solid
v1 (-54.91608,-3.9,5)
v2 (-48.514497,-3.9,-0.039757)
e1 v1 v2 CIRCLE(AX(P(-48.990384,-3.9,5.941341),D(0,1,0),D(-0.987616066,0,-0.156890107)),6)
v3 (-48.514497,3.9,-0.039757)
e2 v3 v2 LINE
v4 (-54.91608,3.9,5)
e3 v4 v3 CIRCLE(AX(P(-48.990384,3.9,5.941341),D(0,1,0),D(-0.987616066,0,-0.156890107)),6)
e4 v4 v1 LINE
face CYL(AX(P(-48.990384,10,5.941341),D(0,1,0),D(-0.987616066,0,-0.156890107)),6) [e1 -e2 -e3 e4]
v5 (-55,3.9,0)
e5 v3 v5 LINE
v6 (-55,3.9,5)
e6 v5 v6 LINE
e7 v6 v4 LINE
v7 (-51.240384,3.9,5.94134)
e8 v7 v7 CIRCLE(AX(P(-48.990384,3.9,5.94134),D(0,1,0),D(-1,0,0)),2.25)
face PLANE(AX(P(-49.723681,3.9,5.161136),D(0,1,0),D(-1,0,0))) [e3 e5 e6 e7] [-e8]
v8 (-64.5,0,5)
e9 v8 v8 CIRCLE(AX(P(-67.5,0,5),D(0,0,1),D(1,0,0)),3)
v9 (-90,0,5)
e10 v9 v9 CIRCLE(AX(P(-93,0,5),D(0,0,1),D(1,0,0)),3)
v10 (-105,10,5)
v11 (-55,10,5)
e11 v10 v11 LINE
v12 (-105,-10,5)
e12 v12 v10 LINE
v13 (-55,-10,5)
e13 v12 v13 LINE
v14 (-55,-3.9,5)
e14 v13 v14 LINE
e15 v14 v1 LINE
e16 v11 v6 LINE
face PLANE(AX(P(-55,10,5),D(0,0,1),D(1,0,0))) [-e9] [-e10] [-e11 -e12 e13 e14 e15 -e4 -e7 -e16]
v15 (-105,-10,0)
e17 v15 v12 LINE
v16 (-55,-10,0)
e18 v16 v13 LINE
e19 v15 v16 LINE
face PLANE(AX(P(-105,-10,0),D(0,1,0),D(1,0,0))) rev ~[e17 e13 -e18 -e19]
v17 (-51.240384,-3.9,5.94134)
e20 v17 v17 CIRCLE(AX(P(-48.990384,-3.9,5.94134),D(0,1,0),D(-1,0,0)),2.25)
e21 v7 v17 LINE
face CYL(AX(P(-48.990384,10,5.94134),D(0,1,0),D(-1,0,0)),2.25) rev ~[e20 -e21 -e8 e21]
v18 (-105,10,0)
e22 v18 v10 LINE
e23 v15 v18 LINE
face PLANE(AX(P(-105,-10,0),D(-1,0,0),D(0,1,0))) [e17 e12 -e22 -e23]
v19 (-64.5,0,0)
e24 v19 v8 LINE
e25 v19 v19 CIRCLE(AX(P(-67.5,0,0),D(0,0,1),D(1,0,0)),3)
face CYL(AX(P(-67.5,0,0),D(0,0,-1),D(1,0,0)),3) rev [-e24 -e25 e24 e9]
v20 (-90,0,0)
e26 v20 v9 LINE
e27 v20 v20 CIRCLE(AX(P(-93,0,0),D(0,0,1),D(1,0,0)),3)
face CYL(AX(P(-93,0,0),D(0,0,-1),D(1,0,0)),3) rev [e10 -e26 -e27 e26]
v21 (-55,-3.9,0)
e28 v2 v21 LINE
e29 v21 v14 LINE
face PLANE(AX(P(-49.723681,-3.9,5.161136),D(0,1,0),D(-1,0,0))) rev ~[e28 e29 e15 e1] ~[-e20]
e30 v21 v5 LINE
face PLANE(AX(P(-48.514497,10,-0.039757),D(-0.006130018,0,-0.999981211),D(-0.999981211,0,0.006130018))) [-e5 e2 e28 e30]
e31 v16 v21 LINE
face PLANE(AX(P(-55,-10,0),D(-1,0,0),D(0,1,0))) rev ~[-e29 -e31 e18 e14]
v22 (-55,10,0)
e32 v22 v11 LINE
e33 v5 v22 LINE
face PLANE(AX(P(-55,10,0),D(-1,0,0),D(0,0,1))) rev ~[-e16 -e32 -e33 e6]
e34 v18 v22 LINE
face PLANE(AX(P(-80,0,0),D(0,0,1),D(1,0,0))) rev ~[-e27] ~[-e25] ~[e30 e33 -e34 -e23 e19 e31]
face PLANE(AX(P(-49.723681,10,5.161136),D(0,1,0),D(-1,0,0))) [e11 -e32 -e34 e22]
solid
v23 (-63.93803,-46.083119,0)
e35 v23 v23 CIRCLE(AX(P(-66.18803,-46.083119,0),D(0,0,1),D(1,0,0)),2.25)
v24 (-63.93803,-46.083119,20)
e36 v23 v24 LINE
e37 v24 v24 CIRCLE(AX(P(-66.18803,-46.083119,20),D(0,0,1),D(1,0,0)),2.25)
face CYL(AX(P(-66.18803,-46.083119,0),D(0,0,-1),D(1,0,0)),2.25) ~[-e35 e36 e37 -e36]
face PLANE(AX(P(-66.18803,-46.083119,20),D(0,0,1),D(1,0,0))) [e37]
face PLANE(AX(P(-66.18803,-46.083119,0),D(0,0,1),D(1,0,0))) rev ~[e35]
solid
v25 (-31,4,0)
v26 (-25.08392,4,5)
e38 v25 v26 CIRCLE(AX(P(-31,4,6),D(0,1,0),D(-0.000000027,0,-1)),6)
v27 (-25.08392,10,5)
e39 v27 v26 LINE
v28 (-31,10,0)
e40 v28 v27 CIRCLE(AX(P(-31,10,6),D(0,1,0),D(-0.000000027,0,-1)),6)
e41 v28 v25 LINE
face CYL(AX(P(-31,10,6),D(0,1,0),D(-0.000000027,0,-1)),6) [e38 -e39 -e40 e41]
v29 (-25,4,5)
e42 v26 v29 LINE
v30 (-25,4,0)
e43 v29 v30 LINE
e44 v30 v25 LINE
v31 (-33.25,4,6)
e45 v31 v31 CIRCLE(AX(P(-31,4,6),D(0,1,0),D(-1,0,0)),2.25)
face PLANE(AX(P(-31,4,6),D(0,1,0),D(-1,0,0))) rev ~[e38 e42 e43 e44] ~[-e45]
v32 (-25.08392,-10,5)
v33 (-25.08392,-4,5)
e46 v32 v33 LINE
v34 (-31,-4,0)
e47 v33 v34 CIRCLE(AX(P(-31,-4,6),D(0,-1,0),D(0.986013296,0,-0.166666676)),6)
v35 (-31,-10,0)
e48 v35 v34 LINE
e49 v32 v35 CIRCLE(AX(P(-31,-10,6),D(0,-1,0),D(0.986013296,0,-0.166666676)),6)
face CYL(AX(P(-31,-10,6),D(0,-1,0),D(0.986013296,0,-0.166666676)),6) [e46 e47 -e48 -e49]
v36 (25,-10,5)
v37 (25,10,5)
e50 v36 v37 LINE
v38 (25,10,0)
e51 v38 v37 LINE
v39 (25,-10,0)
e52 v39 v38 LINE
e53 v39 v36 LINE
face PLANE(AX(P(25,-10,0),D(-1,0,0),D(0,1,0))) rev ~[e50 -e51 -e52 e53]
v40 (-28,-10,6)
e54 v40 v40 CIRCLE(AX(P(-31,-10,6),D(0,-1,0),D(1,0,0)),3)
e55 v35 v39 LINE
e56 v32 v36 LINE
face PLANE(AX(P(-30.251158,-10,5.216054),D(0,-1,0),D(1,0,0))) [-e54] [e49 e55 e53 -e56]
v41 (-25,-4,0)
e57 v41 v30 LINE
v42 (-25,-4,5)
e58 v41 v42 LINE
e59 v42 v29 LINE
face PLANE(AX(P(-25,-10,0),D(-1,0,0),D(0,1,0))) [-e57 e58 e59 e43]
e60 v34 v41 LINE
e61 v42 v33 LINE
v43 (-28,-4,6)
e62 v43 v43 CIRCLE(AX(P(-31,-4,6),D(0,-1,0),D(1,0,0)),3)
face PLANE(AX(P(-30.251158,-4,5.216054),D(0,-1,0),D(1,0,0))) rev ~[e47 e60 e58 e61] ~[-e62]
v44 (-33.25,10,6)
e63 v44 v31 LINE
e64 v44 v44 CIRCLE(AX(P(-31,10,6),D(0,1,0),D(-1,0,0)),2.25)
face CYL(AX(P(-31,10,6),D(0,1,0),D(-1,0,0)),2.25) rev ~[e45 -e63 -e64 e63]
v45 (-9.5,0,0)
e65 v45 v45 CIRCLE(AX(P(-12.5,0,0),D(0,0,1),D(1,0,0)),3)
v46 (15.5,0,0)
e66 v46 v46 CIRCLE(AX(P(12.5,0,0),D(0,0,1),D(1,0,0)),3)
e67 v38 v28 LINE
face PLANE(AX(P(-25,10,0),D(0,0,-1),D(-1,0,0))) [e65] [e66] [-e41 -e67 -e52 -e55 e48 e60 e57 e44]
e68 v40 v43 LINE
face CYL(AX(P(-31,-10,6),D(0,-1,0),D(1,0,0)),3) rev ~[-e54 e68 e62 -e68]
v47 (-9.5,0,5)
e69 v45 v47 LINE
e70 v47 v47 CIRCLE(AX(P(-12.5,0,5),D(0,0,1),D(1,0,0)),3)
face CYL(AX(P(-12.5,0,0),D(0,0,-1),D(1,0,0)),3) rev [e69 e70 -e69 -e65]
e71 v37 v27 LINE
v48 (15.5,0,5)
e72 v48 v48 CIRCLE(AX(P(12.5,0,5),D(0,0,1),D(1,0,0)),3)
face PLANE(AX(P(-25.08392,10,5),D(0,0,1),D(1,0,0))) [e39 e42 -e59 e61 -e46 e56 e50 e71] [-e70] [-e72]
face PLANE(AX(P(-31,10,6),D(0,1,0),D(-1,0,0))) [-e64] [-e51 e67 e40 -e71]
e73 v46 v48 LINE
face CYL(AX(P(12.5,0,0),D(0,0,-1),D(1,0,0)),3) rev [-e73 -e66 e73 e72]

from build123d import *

# Parameters (mm, degrees)
F0_W      = 50
F0_H      = 20
F0_R      = 3
F1_DEPTH  = 5
F2_R      = 3
F3_DEPTH  = 6
F4_R      = 3
F5_DEPTH  = 6
F6_R      = 2.25
F7_DEPTH  = 13.9
F8_DEPTH  = 6.1
F9_R      = 2.25
F10_DEPTH = 20
F4_R_2    = 2.25
F11_DEPTH = 6


with BuildPart() as f1:
    # F0 (on Top) → F1 (new body)
    with BuildSketch(Plane.XY):
        Rectangle(F0_W, F0_H)
        with Locations((-12.5, 0)):
            Circle(F0_R, mode=Mode.SUBTRACT)
        with Locations((12.5, 0)):
            Circle(F0_R, mode=Mode.SUBTRACT)
        with Locations((-80, 0)):
            Rectangle(F0_W, F0_H)
        with Locations((-93, 0)):
            Circle(F0_R, mode=Mode.SUBTRACT)
        with Locations((-67.5, 0)):
            Circle(F0_R, mode=Mode.SUBTRACT)
    extrude(amount=F1_DEPTH)

    # F2 (on face) → F3 (join)
    with BuildSketch(Plane.XZ.offset(10)):
        with BuildLine():
            Line((-25, 5), (-25.08392, 5))
            ThreePointArc((-25.08392, 5), (-34.872983, 10.582576), (-31, 0))
            Line((-31, 0), (-25, 0))
            Line((-25, 0), (-25, 5))
        make_face()
        with Locations((-31, 6)):
            Circle(F2_R, mode=Mode.SUBTRACT)
    extrude(amount=-F3_DEPTH)

    # F4 (on face) → F5 (join)
    with BuildSketch(Plane(origin=(0, 10, 0), x_dir=(-1, 0, 0), z_dir=(0, 1, 0))):
        with BuildLine():
            Line((25.08392, 5), (25, 5))
            Line((25, 5), (25, 0))
            Line((25, 0), (31, 0))
            ThreePointArc((31, 0), (34.872983, 10.582576), (25.08392, 5))
        make_face()
        with Locations((31, 6)):
            Circle(F4_R, mode=Mode.SUBTRACT)
    extrude(amount=-F5_DEPTH)

    # F6 (on face) → F7 (join)
    with BuildSketch(Plane(origin=(0, 10, 0), x_dir=(-1, 0, 0), z_dir=(0, 1, 0))):
        with BuildLine():
            Line((55, 0), (55, 5))
            Line((55, 5), (54.91608, 5))
            ThreePointArc((54.91608, 5), (45.278929, 10.655691), (48.514497, -0.039757))
            Line((48.514497, -0.039757), (55, 0))
        make_face()
        with Locations((48.990384, 5.94134)):
            Circle(F6_R, mode=Mode.SUBTRACT)
    extrude(amount=-F7_DEPTH)

    # F6 (on face) → F8 (cut)
    with BuildSketch(Plane(origin=(0, 10, 0), x_dir=(-1, 0, 0), z_dir=(0, 1, 0))):
        with BuildLine():
            Line((55, 0), (55, 5))
            Line((55, 5), (54.91608, 5))
            ThreePointArc((54.91608, 5), (45.278929, 10.655691), (48.514497, -0.039757))
            Line((48.514497, -0.039757), (55, 0))
        make_face()
        with Locations((48.990384, 5.94134)):
            Circle(F6_R, mode=Mode.SUBTRACT)
    extrude(amount=-F8_DEPTH, mode=Mode.SUBTRACT)

    # F4 (on face) → F11 (join)
    with BuildSketch(Plane(origin=(0, 10, 0), x_dir=(-1, 0, 0), z_dir=(0, 1, 0))):
        with Locations((31, 6)):
            Circle(F4_R)
        with Locations((31, 6)):
            Circle(F4_R_2, mode=Mode.SUBTRACT)
    extrude(amount=-F11_DEPTH)


with BuildPart() as f10:
    # F9 (on Top) → F10 (new body)
    with BuildSketch(Plane.XY):
        with Locations((-66.18803, -46.083119)):
            Circle(F9_R)
    extrude(amount=F10_DEPTH)


solid = Compound([f1.part, f10.part])
